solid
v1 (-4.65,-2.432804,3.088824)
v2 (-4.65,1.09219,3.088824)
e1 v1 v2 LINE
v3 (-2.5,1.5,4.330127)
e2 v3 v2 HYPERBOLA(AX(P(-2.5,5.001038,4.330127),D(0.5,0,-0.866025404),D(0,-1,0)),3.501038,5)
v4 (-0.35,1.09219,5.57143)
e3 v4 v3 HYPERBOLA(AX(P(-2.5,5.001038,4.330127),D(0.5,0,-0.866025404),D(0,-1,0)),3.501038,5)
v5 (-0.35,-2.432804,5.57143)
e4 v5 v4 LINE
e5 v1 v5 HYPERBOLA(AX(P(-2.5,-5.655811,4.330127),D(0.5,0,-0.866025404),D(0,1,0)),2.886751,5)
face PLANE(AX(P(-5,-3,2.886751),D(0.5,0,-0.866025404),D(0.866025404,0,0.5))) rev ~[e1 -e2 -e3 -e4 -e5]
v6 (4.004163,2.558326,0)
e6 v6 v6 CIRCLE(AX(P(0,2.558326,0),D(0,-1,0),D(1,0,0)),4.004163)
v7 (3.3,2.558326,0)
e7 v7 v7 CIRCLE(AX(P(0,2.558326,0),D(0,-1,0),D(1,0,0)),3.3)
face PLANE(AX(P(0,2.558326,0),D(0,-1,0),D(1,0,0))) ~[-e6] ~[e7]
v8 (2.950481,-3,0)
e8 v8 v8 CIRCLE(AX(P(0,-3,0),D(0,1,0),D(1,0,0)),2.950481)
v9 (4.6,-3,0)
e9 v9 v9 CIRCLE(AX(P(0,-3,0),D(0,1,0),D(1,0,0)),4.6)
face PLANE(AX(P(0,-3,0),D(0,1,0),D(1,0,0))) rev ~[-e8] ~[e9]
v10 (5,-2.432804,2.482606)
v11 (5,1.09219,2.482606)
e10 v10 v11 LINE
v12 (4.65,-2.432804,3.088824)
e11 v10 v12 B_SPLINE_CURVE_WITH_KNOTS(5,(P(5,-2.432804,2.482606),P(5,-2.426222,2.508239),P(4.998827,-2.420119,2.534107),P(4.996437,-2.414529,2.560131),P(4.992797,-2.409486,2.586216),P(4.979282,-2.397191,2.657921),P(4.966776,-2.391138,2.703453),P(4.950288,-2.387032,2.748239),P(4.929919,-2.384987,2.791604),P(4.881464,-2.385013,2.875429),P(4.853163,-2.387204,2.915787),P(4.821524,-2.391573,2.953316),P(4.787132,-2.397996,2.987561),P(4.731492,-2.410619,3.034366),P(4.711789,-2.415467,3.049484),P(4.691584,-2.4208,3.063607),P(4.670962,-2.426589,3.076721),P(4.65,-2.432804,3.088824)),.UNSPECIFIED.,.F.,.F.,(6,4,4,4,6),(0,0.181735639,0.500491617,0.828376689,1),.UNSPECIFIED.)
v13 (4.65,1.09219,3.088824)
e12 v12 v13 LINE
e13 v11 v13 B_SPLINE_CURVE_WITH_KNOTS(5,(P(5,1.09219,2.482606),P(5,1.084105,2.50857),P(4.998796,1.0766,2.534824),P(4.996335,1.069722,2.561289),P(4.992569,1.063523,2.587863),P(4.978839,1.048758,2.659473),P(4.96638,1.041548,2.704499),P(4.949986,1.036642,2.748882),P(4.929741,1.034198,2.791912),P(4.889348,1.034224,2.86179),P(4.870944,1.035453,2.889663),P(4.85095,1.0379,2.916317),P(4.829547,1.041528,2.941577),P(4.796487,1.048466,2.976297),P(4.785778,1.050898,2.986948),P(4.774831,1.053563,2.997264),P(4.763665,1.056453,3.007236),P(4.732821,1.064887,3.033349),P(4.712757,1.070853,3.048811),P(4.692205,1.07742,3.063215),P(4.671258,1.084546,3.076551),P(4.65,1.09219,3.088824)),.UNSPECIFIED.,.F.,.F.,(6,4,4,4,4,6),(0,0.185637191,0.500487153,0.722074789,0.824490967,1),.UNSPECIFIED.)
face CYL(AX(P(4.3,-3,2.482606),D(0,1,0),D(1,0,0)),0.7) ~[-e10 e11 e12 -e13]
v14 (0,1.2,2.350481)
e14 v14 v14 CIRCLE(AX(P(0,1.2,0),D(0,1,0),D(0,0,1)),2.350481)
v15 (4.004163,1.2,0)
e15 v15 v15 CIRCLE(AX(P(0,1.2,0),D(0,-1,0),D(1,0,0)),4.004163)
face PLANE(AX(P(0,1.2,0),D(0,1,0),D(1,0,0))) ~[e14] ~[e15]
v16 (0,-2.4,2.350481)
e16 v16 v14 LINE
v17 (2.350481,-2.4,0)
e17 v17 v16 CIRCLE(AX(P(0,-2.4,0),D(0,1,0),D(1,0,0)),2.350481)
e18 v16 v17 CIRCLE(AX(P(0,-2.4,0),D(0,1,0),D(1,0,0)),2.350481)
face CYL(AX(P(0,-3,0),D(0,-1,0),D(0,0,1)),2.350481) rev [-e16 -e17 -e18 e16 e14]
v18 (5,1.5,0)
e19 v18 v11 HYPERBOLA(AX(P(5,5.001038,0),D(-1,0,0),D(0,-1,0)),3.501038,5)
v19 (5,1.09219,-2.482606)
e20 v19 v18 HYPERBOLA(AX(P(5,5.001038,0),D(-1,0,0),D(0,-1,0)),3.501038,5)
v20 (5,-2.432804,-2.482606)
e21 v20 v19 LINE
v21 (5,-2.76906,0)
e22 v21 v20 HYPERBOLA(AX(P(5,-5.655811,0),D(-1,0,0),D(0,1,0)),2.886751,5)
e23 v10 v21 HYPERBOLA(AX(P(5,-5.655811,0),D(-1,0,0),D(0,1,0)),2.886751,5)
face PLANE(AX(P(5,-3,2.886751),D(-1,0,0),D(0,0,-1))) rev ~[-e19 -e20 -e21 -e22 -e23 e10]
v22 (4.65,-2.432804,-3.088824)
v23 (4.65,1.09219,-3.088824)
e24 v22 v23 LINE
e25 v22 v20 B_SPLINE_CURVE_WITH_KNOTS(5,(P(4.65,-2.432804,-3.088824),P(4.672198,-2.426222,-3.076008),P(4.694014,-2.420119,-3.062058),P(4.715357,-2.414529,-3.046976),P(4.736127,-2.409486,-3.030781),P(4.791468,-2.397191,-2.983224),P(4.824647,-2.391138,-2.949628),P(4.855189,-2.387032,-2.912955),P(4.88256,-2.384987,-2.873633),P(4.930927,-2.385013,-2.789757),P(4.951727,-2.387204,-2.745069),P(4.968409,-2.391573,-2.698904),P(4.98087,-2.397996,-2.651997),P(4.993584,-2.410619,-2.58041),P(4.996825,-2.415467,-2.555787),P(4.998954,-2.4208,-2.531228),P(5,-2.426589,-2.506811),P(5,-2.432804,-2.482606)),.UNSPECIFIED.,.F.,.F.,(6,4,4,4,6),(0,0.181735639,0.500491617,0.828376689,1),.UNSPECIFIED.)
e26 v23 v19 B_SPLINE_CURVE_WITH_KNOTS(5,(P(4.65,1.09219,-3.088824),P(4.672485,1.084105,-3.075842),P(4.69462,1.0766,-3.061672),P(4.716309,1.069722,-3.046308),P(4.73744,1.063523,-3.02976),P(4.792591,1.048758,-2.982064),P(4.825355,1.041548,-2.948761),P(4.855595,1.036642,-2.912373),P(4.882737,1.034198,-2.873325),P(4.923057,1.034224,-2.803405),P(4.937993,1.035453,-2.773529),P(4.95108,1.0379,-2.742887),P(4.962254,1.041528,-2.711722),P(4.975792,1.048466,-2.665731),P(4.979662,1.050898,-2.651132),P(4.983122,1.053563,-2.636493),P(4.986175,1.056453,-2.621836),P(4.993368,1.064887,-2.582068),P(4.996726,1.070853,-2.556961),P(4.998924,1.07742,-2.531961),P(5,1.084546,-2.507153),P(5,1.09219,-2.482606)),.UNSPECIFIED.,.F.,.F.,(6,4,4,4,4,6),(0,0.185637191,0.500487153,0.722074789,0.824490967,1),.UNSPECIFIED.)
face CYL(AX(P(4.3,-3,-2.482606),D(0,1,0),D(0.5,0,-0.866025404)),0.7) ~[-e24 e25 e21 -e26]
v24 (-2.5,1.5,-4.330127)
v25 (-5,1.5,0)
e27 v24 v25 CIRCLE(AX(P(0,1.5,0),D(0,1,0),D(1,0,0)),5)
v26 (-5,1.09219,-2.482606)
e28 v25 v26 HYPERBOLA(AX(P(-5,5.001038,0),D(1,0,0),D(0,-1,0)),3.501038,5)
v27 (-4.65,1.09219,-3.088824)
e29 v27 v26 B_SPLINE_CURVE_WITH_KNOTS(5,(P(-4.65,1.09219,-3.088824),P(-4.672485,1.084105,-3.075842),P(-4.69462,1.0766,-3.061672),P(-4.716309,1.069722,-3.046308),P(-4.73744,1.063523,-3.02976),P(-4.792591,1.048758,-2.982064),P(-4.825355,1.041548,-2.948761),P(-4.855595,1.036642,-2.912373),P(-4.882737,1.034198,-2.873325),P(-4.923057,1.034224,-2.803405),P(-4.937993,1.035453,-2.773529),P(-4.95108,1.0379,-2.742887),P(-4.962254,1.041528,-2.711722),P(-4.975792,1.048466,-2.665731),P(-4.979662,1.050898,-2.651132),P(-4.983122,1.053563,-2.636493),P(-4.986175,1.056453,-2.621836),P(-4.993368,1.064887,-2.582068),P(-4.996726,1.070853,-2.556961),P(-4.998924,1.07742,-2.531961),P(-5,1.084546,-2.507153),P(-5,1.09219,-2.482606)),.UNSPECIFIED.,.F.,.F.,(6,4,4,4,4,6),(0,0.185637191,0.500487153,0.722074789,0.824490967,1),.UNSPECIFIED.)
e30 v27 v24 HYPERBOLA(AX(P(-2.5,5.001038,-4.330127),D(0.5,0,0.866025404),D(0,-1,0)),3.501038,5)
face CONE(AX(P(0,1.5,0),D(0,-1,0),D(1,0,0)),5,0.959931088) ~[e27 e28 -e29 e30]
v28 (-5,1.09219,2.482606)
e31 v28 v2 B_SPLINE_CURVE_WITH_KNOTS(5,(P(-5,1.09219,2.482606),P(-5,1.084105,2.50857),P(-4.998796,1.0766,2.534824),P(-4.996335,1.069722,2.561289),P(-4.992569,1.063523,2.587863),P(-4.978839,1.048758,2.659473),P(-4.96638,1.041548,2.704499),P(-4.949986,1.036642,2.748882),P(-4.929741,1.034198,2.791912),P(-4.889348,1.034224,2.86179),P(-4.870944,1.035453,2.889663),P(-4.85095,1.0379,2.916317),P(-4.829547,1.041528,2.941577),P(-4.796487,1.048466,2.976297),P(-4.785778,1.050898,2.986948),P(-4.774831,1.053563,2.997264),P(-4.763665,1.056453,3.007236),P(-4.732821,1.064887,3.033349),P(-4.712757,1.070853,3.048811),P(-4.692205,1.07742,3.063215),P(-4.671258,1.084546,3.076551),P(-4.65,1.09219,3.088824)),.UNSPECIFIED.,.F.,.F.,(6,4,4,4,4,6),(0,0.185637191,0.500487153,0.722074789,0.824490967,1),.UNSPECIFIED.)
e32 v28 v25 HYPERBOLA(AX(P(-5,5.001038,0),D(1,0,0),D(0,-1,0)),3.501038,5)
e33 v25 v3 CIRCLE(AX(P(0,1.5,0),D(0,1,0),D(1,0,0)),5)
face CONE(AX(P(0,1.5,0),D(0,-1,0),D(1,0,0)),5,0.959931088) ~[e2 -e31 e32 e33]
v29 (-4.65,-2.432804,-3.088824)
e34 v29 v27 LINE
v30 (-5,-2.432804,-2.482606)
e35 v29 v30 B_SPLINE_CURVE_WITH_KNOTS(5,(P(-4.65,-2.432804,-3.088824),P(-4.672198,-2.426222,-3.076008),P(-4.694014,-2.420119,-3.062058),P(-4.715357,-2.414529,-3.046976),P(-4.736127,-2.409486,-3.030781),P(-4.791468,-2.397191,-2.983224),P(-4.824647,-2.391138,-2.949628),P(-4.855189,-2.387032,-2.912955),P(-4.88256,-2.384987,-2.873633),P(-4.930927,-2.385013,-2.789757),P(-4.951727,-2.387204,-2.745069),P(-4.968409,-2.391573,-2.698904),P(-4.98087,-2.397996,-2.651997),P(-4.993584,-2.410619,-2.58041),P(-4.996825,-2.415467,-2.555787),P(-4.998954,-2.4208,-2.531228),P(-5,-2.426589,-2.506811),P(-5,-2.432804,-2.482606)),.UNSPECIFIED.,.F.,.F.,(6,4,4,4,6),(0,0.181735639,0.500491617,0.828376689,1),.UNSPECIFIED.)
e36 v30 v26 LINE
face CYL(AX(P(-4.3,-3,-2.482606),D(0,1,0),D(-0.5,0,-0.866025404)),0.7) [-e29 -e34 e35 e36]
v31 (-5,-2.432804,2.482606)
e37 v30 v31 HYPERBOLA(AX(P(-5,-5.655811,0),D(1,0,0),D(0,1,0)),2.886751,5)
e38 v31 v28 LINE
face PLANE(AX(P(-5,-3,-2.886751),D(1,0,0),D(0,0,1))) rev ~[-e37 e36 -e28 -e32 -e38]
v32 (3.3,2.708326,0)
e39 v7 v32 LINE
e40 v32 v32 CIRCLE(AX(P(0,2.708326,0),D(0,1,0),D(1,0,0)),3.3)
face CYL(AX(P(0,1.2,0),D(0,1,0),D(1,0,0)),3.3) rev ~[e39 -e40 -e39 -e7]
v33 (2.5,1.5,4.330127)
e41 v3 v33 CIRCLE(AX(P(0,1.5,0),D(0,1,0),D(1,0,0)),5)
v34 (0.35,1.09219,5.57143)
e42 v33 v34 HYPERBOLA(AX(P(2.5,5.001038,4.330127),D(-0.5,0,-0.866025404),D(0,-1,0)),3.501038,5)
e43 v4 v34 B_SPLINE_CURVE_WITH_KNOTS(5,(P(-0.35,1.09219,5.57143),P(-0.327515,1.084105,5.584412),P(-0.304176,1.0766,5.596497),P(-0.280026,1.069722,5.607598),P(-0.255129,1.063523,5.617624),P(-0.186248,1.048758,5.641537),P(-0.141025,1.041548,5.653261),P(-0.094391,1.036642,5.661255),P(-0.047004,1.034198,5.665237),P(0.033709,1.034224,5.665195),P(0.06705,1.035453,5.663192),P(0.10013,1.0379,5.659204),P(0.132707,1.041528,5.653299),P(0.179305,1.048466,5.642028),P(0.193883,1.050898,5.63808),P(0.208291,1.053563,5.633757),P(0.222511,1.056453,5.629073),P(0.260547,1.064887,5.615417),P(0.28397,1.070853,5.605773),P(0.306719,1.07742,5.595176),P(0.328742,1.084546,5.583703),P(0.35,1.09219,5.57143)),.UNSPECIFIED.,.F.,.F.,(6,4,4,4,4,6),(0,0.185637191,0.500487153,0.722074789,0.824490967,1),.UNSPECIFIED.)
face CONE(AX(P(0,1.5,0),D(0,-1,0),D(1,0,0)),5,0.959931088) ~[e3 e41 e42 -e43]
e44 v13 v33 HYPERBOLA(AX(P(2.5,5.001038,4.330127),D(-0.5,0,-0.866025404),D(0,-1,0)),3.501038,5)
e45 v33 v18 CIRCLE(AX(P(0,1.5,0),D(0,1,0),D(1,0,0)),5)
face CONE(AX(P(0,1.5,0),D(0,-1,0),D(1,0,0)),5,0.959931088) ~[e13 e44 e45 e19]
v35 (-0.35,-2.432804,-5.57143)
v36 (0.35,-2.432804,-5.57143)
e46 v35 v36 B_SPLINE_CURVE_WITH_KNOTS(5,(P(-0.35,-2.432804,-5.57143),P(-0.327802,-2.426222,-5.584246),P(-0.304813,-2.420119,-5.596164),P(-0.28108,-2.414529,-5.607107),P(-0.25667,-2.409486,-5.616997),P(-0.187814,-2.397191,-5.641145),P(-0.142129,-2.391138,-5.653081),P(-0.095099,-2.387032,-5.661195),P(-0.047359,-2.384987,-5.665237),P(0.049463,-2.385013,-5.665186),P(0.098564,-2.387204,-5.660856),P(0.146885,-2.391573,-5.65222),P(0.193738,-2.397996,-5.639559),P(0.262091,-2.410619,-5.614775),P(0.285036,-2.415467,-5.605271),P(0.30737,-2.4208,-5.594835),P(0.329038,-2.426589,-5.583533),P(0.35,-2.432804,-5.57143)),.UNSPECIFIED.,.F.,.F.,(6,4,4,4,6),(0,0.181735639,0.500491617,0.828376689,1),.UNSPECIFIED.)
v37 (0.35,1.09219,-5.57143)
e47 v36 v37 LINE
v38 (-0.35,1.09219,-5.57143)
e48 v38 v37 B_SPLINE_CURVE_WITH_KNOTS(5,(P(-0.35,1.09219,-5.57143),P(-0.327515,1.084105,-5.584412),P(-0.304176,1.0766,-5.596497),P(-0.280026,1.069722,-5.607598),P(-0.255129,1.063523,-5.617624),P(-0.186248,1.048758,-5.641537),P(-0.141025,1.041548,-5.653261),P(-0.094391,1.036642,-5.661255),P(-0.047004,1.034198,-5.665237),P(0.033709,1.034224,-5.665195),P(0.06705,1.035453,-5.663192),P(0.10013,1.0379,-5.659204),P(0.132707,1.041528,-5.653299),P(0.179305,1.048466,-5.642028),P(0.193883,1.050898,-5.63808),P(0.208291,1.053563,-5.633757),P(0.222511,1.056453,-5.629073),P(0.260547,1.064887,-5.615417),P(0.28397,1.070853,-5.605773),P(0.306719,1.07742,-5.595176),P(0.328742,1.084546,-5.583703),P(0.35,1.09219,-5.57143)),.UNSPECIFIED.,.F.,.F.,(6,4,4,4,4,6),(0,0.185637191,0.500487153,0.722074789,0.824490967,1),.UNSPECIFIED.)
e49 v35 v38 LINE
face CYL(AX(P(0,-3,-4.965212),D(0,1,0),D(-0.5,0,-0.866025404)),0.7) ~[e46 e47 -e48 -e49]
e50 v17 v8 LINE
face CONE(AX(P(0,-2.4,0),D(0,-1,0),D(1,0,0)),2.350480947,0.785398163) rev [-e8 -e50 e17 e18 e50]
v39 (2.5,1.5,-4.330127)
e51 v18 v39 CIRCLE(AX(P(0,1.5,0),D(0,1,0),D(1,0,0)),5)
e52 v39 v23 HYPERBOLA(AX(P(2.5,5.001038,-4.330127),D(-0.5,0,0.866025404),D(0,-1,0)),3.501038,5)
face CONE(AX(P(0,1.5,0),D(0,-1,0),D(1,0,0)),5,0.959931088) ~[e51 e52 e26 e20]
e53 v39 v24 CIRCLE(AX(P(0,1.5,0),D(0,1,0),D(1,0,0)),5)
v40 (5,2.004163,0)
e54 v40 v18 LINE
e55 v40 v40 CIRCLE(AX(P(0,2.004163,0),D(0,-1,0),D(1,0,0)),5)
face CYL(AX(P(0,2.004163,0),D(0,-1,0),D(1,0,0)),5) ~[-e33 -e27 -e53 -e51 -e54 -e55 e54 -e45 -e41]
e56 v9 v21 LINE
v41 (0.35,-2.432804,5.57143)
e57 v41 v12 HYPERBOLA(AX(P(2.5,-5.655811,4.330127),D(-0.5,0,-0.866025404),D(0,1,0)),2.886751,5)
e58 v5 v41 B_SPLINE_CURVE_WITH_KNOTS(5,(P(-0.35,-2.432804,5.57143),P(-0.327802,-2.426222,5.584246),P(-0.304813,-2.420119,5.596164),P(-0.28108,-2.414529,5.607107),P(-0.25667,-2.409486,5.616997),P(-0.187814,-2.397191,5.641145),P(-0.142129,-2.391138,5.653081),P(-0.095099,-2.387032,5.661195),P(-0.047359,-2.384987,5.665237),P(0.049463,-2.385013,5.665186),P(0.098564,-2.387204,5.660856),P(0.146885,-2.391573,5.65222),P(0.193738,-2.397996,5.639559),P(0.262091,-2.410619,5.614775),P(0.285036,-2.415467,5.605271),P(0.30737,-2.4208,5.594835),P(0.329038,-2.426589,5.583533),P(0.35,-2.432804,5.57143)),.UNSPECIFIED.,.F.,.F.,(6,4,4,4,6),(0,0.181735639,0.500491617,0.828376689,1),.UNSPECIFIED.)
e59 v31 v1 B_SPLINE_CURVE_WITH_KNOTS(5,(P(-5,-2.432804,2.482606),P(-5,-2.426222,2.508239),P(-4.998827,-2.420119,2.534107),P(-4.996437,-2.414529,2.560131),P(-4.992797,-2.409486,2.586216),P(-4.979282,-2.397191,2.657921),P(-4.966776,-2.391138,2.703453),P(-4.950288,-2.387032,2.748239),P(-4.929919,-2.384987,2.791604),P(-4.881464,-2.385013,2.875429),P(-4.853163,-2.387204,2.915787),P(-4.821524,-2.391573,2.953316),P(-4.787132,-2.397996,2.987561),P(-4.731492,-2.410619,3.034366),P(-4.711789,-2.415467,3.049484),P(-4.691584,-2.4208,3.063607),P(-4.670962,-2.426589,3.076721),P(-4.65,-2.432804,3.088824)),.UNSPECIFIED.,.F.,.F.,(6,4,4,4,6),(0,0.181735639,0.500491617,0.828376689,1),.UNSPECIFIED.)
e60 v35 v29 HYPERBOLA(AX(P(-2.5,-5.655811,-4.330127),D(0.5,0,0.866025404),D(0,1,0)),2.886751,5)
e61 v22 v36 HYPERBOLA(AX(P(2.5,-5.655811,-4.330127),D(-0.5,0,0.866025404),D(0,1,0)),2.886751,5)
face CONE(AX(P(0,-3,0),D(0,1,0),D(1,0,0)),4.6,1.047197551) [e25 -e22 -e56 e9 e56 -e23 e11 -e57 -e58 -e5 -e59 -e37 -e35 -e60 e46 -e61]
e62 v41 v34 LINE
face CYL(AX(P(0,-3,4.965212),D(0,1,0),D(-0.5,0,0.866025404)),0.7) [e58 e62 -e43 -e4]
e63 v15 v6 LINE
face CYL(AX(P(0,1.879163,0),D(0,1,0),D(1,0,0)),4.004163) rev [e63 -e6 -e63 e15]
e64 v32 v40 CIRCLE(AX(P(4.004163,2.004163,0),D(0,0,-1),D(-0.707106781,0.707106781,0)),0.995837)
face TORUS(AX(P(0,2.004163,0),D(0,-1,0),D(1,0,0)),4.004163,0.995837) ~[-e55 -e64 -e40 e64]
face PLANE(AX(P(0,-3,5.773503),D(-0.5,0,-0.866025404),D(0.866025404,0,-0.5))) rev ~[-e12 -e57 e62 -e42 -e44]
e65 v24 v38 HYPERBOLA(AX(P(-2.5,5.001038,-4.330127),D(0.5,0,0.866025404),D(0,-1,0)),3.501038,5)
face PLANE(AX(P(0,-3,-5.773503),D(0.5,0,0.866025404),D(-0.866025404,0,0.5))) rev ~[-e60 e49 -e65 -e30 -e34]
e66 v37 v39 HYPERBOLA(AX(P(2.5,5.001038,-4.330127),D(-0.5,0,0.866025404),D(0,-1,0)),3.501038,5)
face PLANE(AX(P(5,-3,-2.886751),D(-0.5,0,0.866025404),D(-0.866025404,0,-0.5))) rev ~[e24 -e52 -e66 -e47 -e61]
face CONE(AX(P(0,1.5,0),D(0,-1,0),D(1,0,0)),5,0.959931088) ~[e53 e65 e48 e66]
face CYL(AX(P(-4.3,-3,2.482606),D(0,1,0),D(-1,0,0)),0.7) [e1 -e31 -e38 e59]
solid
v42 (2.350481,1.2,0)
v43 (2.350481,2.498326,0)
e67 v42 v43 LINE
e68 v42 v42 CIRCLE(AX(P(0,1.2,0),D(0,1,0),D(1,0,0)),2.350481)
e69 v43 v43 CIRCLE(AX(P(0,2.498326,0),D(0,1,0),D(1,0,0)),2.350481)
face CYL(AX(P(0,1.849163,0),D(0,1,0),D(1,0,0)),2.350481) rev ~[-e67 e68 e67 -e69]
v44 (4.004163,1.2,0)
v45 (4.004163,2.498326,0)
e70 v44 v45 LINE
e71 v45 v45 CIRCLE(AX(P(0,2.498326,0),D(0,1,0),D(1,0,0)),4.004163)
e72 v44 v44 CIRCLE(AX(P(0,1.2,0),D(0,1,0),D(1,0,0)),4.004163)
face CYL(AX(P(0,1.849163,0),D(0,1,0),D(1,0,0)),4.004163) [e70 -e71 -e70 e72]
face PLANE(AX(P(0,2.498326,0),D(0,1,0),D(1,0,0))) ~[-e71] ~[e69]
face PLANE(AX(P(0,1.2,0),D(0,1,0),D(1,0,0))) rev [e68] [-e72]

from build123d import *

# Parameters (mm, degrees)
BOSS_EXTRUDE1_DEPTH      = 3
BOSS_EXTRUDE1_DEPTH_BACK = 3
SKETCH2_R                = 2.350480947
FILLET1_R                = 0.7
SKETCH12_W               = 0.704163056
SKETCH12_H               = 1.358326112
SKETCH4_W                = 1.653682109
SKETCH4_H                = 1.298326112


with BuildPart() as part:
    # Sketch2 → Boss-Extrude1 (new, two sides: drawn at the far end of the back side and taken through both)
    with BuildSketch(Plane(origin=(0, 0, 0), x_dir=(1, 0, 0), z_dir=(0, 1, 0)).offset(-BOSS_EXTRUDE1_DEPTH_BACK)):
        Polygon((0, 5.773502692), (-5, 2.886751346), (-5, -2.886751346), (0, -5.773502692), (5, -2.886751346), (5, 2.886751346), align=None)
        with Locations(Location((0, 0, 0), (0, 0, 270))):
            Circle(SKETCH2_R, mode=Mode.SUBTRACT)
    extrude(amount=BOSS_EXTRUDE1_DEPTH + BOSS_EXTRUDE1_DEPTH_BACK)

    # Fillet1
    fillet1_edges = [part.edges().sort_by_distance(p)[0] for p in [
        (5, 0, -2.886751346),
        (5, 0, 2.886751346),
        (0, 0, 5.773502692),
        (-5, 0, 2.886751346),
        (-5, 0, -2.886751346),
        (0, 0, -5.773502692),
    ]]
    fillet(fillet1_edges, radius=FILLET1_R)

    # Sketch3 → Cut-Revolve2 (revolve, cut)
    with BuildSketch(Plane(origin=(0, 0, 0), x_dir=(0, 0, -1), z_dir=(1, 0, 0)), mode=Mode.PRIVATE) as cut_revolve2_sk:
        with BuildLine():
            Line((5.773502692, 1.5), (5.773502692, 4))
            Line((5.773502692, 4), (2.350480947, 4))
            Line((2.350480947, 4), (2.350480947, 1.2))
            Line((2.350480947, 1.2), (3.3, 1.2))
            Line((3.3, 1.2), (3.3, 2.708326112))
            ThreePointArc((3.3, 2.708326112), (4.385253356, 2.924196426), (5, 2.004163056))
            Line((5, 2.004163056), (5, 1.5))
            Line((5, 1.5), (5.773502692, 0.958387584))
            Line((5.773502692, 0.958387584), (5.773502692, 1.5))
        make_face()
        Polygon((4.6, -3), (5.773502692, -2.322477905), (5.773502692, -3), align=None)
        Polygon((2.350480947, -3), (2.350480947, -2.4), (2.950480947, -3), align=None)
    revolve(cut_revolve2_sk.sketch.rotate(Axis((0, -3, 0), (0, 1, 0)), 270), axis=Axis((0, -3, 0), (0, 1, 0)), mode=Mode.SUBTRACT)

    # Sketch12 → Cut-Revolve3 (revolve, cut)
    with BuildSketch(Plane(origin=(0, 0, 0), x_dir=(0, 0, -1), z_dir=(1, 0, 0)), mode=Mode.PRIVATE) as cut_revolve3_sk:
        with Locations((3.652081528, 1.879163056)):
            Rectangle(SKETCH12_W, SKETCH12_H)
    revolve(cut_revolve3_sk.sketch.rotate(Axis((0, 3, 0), (0, -1, 0)), 90), axis=Axis((0, 3, 0), (0, -1, 0)), mode=Mode.SUBTRACT)


with BuildPart() as body_2:
    # Sketch4 → Revolve1 (revolve)
    with BuildSketch(Plane(origin=(0, 0, 0), x_dir=(0, 0, -1), z_dir=(1, 0, 0)), mode=Mode.PRIVATE) as revolve1_sk:
        with Locations((3.177322002, 1.849163056)):
            Rectangle(SKETCH4_W, SKETCH4_H)
    revolve(revolve1_sk.sketch.rotate(Axis((0, -3, 0), (0, 1, 0)), 270), axis=Axis((0, -3, 0), (0, 1, 0)))


solid = Compound([part.part, body_2.part])
